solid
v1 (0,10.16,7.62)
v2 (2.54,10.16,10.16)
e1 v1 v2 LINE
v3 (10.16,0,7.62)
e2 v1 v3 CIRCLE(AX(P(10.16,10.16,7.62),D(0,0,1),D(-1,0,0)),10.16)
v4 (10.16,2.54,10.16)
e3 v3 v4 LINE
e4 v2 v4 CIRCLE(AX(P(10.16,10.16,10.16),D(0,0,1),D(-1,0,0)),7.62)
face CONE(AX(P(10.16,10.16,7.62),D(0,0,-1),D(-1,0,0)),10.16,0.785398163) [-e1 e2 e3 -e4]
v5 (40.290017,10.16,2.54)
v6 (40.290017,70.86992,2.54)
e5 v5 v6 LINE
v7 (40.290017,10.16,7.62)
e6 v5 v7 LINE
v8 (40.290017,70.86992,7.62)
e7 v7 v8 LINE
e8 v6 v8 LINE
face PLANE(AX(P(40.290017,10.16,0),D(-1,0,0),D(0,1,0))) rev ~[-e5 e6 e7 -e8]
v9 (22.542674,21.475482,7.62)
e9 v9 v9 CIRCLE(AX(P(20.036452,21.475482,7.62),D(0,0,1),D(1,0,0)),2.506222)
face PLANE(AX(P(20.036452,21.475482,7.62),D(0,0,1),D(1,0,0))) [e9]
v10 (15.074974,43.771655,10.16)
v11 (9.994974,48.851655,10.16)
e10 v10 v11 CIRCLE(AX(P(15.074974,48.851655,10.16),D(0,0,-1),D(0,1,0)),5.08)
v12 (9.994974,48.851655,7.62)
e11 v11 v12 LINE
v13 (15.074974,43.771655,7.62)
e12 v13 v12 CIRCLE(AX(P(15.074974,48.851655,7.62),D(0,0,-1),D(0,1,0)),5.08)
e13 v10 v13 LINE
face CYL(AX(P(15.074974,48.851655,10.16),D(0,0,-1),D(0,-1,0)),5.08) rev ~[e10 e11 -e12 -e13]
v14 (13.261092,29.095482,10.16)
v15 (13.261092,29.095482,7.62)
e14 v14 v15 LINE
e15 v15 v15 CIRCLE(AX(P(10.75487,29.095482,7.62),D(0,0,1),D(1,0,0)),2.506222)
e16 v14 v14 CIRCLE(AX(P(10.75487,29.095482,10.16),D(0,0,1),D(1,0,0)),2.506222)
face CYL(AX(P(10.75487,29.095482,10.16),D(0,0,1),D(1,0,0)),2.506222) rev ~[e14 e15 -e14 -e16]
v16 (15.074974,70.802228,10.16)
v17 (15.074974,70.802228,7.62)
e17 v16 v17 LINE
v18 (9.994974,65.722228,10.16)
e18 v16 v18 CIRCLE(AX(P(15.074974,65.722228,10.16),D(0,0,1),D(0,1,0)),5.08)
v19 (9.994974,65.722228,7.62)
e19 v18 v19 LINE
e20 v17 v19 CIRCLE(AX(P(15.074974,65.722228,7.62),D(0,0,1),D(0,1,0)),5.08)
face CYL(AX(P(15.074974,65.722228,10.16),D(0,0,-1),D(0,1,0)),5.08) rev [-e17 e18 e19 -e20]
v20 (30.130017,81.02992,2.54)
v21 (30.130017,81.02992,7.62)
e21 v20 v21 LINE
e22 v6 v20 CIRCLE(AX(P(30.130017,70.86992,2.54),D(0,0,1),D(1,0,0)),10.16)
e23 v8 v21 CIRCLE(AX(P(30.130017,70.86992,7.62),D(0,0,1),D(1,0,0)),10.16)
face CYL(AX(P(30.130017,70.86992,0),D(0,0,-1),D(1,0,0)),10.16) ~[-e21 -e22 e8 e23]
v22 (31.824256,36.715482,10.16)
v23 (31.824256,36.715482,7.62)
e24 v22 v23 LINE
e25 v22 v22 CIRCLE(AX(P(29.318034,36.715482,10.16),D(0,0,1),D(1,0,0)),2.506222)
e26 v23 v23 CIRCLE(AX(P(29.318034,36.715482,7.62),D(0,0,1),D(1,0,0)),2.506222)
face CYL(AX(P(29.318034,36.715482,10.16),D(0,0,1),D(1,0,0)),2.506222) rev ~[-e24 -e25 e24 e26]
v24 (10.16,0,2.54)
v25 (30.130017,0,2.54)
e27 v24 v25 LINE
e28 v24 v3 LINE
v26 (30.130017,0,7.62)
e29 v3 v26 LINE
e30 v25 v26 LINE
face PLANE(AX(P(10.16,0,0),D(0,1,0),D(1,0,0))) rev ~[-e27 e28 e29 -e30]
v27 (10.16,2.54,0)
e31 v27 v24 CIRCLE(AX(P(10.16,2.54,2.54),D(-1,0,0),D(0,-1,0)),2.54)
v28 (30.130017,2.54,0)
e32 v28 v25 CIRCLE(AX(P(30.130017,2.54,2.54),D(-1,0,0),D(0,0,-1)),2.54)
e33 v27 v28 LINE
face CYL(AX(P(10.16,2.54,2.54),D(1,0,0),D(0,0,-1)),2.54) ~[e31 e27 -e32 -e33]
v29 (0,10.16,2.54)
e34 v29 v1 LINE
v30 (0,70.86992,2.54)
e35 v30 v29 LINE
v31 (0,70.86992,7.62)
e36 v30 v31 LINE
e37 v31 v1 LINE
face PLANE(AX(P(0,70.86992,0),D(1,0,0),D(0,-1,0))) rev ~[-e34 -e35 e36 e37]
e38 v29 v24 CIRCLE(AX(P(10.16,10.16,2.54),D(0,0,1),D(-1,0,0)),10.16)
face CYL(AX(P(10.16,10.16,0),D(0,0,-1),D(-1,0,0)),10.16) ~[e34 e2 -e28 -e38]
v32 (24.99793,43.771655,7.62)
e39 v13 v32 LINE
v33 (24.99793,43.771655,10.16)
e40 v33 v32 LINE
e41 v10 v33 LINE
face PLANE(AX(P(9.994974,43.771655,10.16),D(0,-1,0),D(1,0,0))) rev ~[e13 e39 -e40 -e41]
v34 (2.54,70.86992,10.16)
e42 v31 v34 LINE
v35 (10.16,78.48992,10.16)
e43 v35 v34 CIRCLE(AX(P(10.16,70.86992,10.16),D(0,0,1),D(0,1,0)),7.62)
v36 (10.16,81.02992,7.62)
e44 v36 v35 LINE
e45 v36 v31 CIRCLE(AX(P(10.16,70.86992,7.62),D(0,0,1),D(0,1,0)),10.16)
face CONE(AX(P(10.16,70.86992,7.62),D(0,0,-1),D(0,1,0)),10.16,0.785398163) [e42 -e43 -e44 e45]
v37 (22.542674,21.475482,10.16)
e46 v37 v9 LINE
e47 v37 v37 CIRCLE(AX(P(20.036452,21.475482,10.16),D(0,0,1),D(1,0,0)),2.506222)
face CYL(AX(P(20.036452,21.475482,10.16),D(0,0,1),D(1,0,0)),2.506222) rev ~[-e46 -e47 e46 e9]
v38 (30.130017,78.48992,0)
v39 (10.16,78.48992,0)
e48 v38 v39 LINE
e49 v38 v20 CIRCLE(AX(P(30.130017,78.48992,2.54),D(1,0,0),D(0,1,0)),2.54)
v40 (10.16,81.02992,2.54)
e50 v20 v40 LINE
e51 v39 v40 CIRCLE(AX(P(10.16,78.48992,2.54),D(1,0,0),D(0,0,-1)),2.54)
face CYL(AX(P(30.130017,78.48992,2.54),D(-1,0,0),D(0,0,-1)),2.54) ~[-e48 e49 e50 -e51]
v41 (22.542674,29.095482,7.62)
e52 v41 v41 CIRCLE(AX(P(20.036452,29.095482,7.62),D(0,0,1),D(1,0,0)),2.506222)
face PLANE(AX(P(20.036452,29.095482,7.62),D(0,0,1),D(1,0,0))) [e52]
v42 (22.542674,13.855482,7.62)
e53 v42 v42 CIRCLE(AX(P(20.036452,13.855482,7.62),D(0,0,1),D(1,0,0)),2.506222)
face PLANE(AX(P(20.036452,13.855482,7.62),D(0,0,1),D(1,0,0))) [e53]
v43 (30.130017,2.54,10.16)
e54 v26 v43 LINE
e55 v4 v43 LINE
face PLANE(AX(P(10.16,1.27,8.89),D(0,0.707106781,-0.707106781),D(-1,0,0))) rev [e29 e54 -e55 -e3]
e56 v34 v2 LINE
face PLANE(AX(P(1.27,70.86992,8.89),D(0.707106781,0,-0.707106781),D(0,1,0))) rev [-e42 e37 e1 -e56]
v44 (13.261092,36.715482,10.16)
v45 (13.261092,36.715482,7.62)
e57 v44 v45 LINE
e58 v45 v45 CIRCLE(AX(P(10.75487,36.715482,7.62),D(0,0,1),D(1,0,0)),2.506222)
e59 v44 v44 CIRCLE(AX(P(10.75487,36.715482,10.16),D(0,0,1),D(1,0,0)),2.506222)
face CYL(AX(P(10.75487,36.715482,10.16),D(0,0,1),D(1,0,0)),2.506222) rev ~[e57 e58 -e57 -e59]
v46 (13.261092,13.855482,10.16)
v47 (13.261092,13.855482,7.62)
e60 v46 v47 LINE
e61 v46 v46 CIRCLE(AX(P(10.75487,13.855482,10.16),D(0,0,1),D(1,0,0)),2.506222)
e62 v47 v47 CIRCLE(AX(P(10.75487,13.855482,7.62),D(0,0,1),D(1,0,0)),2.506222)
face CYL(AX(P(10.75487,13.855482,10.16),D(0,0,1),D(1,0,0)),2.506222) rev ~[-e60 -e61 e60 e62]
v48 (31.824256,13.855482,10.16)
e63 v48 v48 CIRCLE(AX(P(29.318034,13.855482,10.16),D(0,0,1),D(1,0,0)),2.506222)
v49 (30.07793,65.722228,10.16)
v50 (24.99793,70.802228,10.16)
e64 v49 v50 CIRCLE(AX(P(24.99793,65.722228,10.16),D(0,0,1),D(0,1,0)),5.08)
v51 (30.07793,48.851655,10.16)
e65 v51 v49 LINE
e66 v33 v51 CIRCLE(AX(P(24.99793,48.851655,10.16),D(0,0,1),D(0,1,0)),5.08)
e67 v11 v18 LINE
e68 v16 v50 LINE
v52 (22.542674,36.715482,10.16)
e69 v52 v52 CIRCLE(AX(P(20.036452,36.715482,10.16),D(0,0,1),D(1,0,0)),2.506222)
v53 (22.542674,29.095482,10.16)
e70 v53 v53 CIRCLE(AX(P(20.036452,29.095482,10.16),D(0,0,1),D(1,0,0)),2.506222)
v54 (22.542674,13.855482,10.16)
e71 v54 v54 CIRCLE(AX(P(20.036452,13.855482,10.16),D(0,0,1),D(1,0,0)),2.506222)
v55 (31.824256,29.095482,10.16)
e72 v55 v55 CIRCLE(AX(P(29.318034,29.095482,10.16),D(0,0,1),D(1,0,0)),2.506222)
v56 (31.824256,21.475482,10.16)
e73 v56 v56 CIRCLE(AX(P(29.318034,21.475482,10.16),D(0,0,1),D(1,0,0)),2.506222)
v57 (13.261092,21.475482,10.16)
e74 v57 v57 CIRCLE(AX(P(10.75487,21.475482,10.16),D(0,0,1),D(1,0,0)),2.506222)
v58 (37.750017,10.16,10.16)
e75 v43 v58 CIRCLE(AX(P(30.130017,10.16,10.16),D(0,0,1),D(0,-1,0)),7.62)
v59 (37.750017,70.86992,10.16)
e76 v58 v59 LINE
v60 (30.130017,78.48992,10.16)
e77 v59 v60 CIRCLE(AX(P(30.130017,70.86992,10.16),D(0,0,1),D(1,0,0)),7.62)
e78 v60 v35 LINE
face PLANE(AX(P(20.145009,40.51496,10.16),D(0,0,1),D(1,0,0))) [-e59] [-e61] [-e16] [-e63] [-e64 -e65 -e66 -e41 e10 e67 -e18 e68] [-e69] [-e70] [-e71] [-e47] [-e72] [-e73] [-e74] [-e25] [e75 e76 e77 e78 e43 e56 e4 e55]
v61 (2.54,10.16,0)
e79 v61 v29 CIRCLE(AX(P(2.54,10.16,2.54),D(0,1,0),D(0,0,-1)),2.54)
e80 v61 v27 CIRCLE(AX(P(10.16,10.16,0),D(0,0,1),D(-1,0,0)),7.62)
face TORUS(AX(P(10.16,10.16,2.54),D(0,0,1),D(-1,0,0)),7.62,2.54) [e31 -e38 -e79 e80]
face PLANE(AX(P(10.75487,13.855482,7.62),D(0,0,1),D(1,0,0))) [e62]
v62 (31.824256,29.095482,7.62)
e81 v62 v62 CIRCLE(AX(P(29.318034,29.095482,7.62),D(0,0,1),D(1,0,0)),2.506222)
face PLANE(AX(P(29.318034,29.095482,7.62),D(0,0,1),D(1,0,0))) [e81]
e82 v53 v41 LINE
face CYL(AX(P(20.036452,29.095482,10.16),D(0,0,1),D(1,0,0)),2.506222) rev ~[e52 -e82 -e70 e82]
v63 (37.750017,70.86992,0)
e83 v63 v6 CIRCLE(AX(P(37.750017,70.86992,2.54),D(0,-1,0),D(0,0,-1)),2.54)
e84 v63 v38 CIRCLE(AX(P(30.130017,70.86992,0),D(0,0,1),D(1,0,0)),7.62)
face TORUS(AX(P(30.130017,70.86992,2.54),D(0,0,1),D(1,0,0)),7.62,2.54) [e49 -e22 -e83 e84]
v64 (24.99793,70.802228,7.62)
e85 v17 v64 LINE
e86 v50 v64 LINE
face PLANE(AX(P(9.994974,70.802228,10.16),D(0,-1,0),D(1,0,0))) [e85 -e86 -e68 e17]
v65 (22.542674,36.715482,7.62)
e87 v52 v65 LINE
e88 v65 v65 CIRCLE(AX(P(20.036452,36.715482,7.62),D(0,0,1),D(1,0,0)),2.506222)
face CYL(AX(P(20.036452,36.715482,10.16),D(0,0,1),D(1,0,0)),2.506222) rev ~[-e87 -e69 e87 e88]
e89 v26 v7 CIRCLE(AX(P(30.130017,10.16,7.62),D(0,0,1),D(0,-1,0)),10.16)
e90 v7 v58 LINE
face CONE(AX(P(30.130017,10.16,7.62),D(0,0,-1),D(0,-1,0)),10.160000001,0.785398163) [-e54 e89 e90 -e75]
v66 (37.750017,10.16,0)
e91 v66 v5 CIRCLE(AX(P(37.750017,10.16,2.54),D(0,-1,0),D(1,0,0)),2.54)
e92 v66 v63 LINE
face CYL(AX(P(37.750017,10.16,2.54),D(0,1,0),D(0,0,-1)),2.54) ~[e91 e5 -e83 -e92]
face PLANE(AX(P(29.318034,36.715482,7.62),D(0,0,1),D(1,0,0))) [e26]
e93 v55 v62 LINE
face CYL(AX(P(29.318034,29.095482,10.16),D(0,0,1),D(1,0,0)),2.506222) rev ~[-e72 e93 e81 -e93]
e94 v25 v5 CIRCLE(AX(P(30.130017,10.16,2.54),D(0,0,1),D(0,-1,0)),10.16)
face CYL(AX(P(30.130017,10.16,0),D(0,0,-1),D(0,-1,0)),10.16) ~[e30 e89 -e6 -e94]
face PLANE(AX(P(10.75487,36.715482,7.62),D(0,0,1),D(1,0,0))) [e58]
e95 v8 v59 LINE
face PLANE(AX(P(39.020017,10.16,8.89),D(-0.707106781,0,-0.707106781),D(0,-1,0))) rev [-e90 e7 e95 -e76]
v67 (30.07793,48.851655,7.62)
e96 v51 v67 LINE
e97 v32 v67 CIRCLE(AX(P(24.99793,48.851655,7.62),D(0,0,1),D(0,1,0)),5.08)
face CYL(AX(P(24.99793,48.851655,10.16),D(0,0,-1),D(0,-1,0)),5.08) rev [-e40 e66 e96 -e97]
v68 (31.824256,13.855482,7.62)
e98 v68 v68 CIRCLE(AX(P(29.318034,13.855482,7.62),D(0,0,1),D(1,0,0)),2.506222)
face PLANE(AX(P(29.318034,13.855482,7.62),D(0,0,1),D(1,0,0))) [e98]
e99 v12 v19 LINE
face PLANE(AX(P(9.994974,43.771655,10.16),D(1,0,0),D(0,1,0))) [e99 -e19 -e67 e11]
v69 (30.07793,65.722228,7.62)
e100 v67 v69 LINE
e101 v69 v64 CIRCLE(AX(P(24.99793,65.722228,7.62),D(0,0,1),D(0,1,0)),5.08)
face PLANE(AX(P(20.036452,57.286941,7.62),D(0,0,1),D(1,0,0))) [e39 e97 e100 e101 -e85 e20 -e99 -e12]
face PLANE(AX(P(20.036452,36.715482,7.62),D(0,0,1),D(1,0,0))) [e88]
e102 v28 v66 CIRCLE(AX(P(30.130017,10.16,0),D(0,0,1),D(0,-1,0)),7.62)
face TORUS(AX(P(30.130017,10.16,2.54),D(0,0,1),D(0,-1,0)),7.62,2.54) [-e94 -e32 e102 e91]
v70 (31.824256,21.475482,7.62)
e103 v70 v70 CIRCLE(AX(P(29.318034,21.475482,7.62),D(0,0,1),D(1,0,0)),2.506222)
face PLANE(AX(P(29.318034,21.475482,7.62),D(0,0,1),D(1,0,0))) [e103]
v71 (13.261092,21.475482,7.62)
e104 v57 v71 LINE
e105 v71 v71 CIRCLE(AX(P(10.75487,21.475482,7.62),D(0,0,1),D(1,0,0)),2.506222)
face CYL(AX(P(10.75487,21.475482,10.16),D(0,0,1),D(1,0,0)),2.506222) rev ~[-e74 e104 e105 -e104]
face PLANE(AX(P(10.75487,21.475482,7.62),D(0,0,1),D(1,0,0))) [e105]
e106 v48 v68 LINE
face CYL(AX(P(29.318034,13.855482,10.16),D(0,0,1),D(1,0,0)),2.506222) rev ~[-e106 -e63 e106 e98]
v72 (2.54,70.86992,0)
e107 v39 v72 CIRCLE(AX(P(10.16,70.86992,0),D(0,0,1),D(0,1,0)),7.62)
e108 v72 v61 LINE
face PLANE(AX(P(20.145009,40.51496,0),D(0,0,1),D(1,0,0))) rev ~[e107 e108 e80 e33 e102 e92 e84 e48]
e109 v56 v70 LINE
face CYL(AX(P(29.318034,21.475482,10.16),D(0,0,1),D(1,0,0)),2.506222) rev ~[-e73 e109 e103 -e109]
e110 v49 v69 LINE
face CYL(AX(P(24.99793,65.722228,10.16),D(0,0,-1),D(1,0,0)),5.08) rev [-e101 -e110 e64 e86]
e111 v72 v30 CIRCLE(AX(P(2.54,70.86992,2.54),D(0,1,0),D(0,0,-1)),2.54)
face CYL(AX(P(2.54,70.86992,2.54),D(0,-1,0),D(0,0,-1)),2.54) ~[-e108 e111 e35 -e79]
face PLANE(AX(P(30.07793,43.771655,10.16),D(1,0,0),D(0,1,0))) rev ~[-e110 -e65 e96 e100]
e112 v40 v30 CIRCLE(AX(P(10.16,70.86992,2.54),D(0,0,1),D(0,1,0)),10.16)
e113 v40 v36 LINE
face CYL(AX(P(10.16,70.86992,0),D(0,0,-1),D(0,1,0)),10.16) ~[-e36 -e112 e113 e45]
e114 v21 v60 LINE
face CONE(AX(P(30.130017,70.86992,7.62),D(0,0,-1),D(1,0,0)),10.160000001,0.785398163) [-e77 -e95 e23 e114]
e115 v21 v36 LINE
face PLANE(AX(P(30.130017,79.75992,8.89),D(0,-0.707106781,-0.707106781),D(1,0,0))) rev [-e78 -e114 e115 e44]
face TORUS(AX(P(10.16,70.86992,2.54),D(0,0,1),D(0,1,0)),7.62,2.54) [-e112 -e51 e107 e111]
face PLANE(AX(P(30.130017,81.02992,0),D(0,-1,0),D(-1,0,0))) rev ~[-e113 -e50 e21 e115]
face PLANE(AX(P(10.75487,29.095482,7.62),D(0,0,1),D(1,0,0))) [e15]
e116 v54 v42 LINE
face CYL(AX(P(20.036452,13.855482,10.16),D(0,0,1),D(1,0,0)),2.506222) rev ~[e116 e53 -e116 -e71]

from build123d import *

# Parameters (mm, degrees)
EXTRUDE1_DEPTH = 10.16
CHAMFER1_SIZE  = 2.54
FILLET1_R      = 2.54
SKETCH2_R      = 2.50622178
SKETCH2_W      = 20.082955398
SKETCH2_H      = 27.0305724
EXTRUDE2_DEPTH = 2.54
FILLET2_R      = 5.08


with BuildPart() as part:
    # Sketch1 → Extrude1 (new body)
    with BuildSketch(Plane.XY):
        with BuildLine():
            Line((10.16, 0), (30.130017372, 0))
            ThreePointArc((30.130017372, 0), (37.314222268, 2.975795103), (40.290017372, 10.16))
            Line((40.290017372, 10.16), (40.290017372, 70.869919512))
            ThreePointArc((40.290017372, 70.869919512), (37.314222268, 78.054124409), (30.130017372, 81.029919512))
            Line((30.130017372, 81.029919512), (10.16, 81.029919512))
            ThreePointArc((10.16, 81.029919512), (2.975795103, 78.054124409), (0, 70.869919512))
            Line((0, 70.869919512), (0, 10.16))
            ThreePointArc((0, 10.16), (2.975795103, 2.975795103), (10.16, 0))
        make_face()
    extrude(amount=EXTRUDE1_DEPTH)

    # Chamfer1
    chamfer1_edges = [part.edges().sort_by_distance(p)[0] for p in [
        (2.975795103, 2.975795103, 10.16),
        (20.145008686, 0, 10.16),
        (37.314222268, 2.975795103, 10.16),
        (40.290017372, 40.514959756, 10.16),
        (37.314222268, 78.054124409, 10.16),
        (20.145008686, 81.029919512, 10.16),
        (2.975795103, 78.054124409, 10.16),
        (0, 40.514959756, 10.16),
    ]]
    chamfer(chamfer1_edges, length=CHAMFER1_SIZE)

    # Fillet1
    fillet1_edges = [part.edges().sort_by_distance(p)[0] for p in [
        (0, 40.514959756, 0),
        (2.975795103, 78.054124409, 0),
        (20.145008686, 81.029919512, 0),
        (37.314222268, 78.054124409, 0),
        (40.290017372, 40.514959756, 0),
        (37.314222268, 2.975795103, 0),
        (20.145008686, 0, 0),
        (2.975795103, 2.975795103, 0),
    ]]
    fillet(fillet1_edges, radius=FILLET1_R)

    # Sketch2 → Extrude2 (cut)
    with BuildSketch(Plane.XY.offset(10.16)):
        with Locations((10.754870081, 36.715481708)):
            Circle(SKETCH2_R)
        with Locations((20.03645217, 36.715481708)):
            Circle(SKETCH2_R)
        with Locations((29.318034259, 36.715481708)):
            Circle(SKETCH2_R)
        with Locations((10.754870081, 29.095481708)):
            Circle(SKETCH2_R)
        with Locations((20.03645217, 29.095481708)):
            Circle(SKETCH2_R)
        with Locations((29.318034259, 29.095481708)):
            Circle(SKETCH2_R)
        with Locations((10.754870081, 21.475481708)):
            Circle(SKETCH2_R)
        with Locations((20.03645217, 21.475481708)):
            Circle(SKETCH2_R)
        with Locations((29.318034259, 21.475481708)):
            Circle(SKETCH2_R)
        with Locations((10.754870081, 13.855481708)):
            Circle(SKETCH2_R)
        with Locations((20.03645217, 13.855481708)):
            Circle(SKETCH2_R)
        with Locations((29.318034259, 13.855481708)):
            Circle(SKETCH2_R)
        with Locations((20.03645217, 57.286941426)):
            Rectangle(SKETCH2_W, SKETCH2_H)
    extrude(amount=-EXTRUDE2_DEPTH, mode=Mode.SUBTRACT)

    # Fillet2
    fillet2_edges = [part.edges().sort_by_distance(p)[0] for p in [
        (9.994974471, 43.771655226, 8.89),
        (9.994974471, 70.802227626, 8.89),
        (30.077929869, 70.802227626, 8.89),
        (30.077929869, 43.771655226, 8.89),
    ]]
    fillet(fillet2_edges, radius=FILLET2_R)


solid = part.part
